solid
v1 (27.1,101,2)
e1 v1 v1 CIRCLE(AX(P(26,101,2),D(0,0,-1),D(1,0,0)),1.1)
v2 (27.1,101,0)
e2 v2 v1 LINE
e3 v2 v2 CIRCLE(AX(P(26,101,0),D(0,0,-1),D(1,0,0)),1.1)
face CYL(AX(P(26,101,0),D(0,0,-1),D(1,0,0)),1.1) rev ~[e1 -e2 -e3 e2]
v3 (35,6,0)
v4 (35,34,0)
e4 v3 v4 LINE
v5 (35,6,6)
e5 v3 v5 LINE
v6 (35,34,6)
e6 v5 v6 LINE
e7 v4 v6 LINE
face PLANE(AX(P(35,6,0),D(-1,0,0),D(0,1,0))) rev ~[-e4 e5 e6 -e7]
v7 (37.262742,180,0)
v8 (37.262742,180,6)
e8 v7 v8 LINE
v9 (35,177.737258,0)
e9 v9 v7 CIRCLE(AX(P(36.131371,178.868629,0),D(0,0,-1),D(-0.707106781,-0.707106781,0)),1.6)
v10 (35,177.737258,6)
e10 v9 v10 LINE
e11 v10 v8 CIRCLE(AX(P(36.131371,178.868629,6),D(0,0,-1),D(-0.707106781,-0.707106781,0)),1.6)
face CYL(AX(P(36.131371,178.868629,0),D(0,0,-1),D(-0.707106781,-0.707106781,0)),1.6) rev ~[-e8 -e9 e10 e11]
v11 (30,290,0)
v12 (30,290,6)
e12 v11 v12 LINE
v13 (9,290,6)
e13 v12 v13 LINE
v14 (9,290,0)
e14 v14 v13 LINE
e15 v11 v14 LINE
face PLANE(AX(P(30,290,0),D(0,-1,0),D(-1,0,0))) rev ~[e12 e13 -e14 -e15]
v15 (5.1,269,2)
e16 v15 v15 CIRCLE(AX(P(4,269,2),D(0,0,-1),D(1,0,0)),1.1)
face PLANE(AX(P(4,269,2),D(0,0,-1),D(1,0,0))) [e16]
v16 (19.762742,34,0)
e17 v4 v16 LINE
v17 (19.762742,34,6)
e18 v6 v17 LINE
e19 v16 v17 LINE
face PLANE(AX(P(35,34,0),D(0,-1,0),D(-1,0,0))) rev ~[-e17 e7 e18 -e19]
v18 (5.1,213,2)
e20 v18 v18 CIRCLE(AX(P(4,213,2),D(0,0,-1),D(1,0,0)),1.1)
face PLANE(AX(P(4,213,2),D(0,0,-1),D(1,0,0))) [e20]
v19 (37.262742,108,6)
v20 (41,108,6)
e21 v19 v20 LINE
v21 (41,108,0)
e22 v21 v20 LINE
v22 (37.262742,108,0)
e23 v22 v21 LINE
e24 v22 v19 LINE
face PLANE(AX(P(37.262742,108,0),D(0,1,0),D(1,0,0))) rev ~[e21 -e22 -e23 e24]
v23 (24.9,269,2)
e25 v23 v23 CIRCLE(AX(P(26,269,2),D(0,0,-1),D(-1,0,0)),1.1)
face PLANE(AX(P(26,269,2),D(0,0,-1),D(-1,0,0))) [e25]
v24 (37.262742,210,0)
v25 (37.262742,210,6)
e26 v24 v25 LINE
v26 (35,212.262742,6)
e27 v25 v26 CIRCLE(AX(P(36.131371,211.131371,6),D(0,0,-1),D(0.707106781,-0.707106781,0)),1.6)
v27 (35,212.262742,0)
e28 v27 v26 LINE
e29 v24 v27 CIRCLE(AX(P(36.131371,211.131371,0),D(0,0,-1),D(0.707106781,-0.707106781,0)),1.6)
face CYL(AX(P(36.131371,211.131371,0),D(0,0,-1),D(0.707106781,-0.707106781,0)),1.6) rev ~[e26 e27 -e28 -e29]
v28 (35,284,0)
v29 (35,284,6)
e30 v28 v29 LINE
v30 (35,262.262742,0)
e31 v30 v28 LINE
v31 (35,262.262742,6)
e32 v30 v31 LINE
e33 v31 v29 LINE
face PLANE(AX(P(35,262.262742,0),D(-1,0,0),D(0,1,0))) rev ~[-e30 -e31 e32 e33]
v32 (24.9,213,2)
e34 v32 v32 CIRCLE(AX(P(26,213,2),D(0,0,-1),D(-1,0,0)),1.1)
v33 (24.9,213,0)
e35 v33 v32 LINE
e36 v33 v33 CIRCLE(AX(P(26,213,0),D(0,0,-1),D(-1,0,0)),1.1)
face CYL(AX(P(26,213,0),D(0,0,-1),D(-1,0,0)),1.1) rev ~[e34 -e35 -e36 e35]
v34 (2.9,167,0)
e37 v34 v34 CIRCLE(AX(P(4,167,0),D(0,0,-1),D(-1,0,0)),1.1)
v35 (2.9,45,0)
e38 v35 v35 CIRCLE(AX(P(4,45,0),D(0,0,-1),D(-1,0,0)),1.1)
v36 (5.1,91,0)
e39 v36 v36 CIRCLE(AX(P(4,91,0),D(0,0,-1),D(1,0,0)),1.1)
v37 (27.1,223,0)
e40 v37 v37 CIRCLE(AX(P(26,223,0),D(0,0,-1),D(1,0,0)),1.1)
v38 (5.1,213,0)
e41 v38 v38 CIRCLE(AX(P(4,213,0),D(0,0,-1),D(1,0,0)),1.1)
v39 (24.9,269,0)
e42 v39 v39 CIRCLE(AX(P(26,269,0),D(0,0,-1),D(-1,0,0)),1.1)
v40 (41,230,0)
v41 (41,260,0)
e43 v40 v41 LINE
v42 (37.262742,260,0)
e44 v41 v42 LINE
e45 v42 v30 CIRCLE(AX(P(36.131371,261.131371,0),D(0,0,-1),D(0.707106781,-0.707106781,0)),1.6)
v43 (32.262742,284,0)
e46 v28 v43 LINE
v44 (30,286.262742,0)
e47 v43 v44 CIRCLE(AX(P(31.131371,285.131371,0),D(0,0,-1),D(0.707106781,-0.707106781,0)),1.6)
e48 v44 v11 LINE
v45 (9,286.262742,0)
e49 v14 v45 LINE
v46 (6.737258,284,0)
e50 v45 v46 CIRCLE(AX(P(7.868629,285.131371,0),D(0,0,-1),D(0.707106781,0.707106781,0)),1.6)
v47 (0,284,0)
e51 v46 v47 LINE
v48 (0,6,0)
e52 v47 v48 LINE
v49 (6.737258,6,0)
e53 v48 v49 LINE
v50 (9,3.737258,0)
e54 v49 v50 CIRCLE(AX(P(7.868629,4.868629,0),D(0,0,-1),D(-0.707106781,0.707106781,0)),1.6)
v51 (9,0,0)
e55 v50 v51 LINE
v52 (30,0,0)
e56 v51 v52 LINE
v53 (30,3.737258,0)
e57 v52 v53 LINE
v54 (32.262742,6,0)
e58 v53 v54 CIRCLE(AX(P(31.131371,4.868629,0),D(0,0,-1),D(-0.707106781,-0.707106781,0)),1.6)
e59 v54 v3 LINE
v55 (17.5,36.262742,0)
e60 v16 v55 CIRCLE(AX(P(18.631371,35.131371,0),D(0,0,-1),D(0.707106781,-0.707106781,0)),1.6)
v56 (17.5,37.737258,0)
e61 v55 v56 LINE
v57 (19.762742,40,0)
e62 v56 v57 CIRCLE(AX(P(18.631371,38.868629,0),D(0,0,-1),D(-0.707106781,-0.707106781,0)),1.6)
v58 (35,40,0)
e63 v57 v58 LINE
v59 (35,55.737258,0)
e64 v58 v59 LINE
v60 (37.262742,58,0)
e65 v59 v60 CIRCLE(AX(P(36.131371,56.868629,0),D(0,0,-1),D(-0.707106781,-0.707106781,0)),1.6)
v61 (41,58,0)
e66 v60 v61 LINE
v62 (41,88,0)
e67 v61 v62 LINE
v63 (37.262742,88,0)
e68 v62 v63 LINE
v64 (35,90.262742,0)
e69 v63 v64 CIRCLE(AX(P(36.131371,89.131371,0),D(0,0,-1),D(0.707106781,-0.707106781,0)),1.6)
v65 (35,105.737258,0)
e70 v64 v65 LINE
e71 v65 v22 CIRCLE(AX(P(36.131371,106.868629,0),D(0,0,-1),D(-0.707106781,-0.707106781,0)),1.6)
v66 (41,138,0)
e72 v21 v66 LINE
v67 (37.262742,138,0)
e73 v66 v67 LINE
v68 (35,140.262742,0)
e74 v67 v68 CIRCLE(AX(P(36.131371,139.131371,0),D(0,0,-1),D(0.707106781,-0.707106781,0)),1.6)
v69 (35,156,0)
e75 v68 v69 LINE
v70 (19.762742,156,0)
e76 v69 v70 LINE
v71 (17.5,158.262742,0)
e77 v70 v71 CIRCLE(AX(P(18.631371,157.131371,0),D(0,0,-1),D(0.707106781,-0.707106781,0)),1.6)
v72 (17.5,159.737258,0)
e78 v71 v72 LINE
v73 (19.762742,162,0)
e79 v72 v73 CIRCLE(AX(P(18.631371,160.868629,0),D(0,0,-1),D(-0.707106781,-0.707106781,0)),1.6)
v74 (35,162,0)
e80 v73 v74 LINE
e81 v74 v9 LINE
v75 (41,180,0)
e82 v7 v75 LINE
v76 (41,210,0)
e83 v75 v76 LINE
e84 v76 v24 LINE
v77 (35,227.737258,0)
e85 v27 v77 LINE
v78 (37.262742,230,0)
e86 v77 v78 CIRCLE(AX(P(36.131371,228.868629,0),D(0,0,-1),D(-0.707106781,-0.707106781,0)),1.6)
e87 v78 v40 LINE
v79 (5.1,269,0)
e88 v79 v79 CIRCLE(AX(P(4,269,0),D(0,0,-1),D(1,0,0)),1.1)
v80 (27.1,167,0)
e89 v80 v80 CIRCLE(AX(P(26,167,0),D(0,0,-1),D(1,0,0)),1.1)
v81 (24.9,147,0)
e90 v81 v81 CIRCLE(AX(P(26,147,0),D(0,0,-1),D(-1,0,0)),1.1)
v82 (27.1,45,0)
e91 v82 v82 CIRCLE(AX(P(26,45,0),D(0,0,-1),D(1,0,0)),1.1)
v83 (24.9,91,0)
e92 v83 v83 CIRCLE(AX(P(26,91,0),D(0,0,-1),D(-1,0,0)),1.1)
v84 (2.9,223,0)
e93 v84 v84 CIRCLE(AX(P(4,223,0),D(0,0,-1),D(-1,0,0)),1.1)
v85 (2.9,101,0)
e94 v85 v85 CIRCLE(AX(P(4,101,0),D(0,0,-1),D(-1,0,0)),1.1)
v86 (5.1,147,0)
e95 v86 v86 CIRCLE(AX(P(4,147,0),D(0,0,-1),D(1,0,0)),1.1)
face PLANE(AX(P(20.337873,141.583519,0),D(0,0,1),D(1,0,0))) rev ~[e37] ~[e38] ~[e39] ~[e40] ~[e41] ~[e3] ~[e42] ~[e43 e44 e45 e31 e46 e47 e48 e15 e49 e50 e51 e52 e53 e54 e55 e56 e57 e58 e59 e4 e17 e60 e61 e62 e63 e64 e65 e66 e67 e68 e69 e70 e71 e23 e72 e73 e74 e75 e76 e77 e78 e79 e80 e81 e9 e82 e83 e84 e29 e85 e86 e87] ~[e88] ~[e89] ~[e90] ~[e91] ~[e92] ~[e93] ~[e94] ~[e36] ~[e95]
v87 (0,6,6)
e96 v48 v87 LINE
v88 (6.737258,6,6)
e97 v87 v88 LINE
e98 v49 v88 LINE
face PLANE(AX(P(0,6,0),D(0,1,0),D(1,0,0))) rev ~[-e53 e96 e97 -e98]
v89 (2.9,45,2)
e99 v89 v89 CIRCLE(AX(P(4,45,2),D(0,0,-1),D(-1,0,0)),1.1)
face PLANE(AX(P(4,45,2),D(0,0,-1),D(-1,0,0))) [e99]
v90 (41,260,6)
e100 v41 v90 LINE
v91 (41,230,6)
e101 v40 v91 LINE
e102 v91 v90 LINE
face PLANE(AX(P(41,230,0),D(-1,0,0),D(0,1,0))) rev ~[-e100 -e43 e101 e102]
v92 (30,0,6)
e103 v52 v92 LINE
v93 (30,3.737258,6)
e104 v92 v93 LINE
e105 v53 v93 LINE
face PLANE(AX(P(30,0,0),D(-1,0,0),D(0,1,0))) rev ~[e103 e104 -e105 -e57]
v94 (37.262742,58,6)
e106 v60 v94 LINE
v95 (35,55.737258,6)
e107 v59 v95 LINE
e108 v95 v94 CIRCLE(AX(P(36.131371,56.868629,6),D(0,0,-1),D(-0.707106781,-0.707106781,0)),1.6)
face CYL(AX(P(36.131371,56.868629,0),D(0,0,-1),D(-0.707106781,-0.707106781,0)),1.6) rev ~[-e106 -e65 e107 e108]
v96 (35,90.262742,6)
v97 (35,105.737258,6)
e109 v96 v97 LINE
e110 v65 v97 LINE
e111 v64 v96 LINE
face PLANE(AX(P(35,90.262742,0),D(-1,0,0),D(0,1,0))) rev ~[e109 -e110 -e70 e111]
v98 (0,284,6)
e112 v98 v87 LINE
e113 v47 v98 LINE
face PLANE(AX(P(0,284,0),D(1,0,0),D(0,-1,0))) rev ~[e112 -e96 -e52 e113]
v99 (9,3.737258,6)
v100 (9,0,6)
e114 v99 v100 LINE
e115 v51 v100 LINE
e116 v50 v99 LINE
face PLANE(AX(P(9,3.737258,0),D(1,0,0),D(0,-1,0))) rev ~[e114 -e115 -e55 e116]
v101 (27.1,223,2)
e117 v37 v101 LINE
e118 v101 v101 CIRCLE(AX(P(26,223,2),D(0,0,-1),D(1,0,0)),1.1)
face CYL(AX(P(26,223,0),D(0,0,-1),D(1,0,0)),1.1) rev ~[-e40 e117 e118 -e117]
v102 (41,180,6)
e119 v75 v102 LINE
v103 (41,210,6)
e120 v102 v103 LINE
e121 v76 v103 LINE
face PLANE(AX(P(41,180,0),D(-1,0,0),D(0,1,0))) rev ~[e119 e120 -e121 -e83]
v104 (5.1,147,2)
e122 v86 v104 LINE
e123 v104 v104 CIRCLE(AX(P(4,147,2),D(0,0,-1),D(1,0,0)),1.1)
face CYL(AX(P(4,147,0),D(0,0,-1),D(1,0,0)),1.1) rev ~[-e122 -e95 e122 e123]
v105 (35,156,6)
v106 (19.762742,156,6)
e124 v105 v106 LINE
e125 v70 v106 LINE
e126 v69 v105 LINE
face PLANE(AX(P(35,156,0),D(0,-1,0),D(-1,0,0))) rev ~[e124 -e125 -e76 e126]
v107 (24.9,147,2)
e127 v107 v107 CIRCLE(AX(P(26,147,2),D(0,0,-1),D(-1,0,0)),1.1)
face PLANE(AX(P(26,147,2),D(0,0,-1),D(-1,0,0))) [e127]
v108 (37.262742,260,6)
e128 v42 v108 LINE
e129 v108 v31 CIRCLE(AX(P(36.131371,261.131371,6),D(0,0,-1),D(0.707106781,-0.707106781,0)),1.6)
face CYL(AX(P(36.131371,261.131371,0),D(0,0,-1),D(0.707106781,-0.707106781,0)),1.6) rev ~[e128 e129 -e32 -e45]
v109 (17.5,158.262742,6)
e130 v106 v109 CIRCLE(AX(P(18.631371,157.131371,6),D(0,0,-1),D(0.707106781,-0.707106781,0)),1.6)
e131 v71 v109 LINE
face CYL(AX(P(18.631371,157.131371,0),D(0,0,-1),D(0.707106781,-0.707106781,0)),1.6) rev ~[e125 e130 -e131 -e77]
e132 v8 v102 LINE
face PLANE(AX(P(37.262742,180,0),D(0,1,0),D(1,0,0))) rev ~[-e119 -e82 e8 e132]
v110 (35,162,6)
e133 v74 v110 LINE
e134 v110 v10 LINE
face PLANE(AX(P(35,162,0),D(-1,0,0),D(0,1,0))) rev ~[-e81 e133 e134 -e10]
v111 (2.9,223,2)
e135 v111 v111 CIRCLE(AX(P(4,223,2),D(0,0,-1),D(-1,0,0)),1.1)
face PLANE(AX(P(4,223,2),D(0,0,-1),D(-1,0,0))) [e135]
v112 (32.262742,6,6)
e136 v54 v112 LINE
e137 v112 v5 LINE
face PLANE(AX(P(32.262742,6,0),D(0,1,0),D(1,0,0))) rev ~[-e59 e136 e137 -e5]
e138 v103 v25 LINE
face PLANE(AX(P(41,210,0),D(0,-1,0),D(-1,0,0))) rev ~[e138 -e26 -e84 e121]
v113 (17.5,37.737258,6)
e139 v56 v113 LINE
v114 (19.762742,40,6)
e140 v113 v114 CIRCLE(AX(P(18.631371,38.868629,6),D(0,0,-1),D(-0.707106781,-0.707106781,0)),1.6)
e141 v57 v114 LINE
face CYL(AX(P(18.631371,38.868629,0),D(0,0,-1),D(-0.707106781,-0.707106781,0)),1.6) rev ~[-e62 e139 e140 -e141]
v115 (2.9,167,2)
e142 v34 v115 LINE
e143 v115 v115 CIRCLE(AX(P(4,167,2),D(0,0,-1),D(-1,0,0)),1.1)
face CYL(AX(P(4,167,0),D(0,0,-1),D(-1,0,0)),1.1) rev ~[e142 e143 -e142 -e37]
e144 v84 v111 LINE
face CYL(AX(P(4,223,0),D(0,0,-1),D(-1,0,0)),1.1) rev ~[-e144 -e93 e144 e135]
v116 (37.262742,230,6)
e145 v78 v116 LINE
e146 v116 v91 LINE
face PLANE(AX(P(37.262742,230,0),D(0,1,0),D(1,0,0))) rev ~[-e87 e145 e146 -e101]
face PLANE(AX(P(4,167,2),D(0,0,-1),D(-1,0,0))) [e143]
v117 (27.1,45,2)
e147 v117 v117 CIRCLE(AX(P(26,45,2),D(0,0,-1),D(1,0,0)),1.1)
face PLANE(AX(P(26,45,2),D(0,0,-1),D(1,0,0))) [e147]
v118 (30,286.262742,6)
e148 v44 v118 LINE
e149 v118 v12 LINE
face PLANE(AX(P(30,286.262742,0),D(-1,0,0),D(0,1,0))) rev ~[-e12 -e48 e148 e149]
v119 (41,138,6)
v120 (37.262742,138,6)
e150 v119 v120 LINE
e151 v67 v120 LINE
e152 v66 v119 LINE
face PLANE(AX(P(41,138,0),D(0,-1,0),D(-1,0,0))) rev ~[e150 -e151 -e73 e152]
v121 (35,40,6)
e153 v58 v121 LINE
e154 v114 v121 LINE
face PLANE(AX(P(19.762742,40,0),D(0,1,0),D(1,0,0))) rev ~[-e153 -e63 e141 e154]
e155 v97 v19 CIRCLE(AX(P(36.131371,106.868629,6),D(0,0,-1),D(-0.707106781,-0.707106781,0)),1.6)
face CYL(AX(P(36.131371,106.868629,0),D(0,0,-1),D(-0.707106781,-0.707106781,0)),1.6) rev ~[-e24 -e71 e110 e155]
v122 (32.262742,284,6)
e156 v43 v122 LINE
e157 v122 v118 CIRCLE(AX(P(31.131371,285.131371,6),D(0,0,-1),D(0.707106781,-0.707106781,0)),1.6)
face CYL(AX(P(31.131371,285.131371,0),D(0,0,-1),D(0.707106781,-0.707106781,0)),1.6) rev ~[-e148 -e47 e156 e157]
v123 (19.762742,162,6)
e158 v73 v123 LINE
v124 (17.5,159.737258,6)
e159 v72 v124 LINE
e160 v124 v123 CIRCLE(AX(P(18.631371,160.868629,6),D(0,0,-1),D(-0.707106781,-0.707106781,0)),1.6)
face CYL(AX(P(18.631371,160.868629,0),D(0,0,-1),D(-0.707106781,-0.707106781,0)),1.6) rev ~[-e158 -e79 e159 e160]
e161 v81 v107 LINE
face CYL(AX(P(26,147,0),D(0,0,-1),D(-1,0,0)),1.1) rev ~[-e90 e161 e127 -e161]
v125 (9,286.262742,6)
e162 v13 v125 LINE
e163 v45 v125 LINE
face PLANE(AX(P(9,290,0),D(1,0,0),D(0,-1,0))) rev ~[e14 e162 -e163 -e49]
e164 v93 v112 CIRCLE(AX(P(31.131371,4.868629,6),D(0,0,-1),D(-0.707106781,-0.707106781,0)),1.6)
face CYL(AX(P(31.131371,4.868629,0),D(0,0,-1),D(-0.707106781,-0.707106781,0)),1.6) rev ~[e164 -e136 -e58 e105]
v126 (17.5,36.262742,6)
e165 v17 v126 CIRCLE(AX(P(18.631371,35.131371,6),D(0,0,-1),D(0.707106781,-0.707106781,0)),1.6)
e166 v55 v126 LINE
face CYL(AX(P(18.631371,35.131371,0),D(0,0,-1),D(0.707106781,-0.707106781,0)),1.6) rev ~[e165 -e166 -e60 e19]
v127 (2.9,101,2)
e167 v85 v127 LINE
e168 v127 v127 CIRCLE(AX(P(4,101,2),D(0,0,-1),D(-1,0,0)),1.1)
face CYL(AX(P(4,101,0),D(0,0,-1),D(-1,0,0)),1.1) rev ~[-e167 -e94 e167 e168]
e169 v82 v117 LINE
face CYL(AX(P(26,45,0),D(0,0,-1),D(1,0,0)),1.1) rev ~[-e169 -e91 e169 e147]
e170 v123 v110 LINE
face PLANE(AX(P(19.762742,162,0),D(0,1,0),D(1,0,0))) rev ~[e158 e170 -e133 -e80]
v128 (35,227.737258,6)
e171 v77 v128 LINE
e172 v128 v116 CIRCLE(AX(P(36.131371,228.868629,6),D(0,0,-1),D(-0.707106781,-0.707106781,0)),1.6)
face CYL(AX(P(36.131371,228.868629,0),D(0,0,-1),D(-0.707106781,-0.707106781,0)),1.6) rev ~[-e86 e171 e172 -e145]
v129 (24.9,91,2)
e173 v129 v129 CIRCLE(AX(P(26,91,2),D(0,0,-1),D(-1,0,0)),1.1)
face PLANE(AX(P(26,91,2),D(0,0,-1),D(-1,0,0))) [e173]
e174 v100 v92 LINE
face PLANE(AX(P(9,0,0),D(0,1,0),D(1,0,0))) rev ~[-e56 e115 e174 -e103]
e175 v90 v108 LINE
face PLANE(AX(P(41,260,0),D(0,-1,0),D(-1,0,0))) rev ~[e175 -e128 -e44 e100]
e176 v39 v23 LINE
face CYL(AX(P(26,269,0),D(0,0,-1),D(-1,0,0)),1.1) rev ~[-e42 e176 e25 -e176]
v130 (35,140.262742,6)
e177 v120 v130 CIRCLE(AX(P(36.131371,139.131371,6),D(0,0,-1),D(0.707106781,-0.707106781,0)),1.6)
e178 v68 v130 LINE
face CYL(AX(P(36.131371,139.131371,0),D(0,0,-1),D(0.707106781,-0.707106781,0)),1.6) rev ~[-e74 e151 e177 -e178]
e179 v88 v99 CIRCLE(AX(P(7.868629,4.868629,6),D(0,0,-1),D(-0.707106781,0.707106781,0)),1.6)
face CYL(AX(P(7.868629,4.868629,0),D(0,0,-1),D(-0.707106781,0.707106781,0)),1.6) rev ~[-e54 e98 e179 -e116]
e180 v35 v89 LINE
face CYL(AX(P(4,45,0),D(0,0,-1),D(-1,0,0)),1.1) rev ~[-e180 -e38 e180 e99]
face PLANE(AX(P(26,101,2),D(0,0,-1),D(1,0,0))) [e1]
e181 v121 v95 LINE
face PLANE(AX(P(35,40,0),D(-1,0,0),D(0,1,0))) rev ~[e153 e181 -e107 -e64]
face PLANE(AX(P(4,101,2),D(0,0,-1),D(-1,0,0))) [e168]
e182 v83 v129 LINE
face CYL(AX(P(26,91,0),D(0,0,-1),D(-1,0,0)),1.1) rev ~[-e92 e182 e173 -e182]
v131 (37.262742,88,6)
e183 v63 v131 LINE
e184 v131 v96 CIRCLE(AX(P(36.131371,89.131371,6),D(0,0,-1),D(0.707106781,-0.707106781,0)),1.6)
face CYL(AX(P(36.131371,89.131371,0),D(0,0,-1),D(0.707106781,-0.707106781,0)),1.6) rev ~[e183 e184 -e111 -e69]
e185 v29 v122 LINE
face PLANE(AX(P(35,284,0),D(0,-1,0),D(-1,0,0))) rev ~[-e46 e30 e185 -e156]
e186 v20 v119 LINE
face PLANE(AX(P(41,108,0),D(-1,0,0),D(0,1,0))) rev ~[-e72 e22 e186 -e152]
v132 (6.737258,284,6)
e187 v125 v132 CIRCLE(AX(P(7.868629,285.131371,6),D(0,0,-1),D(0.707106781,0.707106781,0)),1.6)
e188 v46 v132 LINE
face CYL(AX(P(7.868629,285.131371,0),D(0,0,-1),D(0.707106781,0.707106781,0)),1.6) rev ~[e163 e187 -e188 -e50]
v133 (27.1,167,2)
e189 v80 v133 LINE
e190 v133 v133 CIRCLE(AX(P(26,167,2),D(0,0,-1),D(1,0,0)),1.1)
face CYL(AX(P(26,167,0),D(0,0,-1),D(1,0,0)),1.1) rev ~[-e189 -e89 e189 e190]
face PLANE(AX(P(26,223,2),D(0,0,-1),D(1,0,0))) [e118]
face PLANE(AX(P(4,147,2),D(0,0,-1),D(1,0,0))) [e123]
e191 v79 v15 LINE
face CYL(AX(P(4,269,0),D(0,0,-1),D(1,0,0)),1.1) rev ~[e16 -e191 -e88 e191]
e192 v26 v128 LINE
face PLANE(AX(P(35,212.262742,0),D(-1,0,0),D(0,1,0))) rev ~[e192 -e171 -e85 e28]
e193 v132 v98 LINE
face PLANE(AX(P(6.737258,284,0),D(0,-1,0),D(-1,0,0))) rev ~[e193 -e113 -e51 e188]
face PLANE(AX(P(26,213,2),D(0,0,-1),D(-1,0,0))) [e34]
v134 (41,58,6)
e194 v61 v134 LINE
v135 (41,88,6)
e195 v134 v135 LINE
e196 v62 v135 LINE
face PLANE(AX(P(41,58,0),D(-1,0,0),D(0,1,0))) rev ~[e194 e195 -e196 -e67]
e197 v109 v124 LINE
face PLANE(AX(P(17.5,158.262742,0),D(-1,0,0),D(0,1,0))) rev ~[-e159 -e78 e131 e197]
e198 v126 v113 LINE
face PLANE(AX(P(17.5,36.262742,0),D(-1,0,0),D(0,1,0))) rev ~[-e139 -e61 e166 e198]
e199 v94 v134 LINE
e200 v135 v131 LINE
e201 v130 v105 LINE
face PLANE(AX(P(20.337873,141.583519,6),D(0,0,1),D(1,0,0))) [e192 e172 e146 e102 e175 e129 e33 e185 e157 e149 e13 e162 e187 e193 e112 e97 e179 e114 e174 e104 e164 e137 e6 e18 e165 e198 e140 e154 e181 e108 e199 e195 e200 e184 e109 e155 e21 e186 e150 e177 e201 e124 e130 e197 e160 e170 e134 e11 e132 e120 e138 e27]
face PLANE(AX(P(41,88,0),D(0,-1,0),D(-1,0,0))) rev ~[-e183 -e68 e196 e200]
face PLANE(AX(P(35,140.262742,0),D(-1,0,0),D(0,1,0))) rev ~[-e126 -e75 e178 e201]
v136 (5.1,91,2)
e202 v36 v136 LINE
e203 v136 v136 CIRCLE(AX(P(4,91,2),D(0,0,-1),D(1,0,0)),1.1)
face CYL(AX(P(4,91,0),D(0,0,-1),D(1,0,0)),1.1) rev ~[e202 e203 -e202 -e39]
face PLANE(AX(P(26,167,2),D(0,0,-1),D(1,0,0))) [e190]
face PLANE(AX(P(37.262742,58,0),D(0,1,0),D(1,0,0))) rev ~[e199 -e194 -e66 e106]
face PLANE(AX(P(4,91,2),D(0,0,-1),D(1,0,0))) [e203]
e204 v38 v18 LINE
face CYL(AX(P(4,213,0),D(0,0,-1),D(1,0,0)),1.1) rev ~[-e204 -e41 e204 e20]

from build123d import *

# Parameters (mm, degrees)
EXTRUSION1_DEPTH        = 6
ESQUISSE2_R             = 1.1
ENL_V_MAT_EXTRU_1_DEPTH = 2


with BuildPart() as part:
    # Esquisse1 → Extrusion1 (new body)
    with BuildSketch(Plane.XY):
        with BuildLine():
            Line((0, 6), (6.7372583, 6))
            ThreePointArc((6.7372583, 6), (9, 6), (9, 3.7372583))
            Line((9, 3.7372583), (9, 0))
            Line((9, 0), (30, 0))
            Line((30, 0), (30, 3.7372583))
            ThreePointArc((30, 3.7372583), (30, 6), (32.2627417, 6))
            Line((32.2627417, 6), (35, 6))
            Line((35, 6), (35, 34))
            Line((35, 34), (19.7627417, 34))
            ThreePointArc((19.7627417, 34), (17.5, 34), (17.5, 36.2627417))
            Line((17.5, 36.2627417), (17.5, 37.7372583))
            ThreePointArc((17.5, 37.7372583), (17.5, 40), (19.7627417, 40))
            Line((19.7627417, 40), (35, 40))
            Line((35, 40), (35, 55.7372583))
            ThreePointArc((35, 55.7372583), (35, 58), (37.2627417, 58))
            Line((37.2627417, 58), (41, 58))
            Line((41, 58), (41, 88))
            Line((41, 88), (37.2627417, 88))
            ThreePointArc((37.2627417, 88), (35, 88), (35, 90.2627417))
            Line((35, 90.2627417), (35, 105.7372583))
            ThreePointArc((35, 105.7372583), (35, 108), (37.2627417, 108))
            Line((37.2627417, 108), (41, 108))
            Line((41, 108), (41, 138))
            Line((41, 138), (37.2627417, 138))
            ThreePointArc((37.2627417, 138), (35, 138), (35, 140.2627417))
            Line((35, 140.2627417), (35, 156))
            Line((35, 156), (19.7627417, 156))
            ThreePointArc((19.7627417, 156), (17.5, 156), (17.5, 158.2627417))
            Line((17.5, 158.2627417), (17.5, 159.7372583))
            ThreePointArc((17.5, 159.7372583), (17.5, 162), (19.7627417, 162))
            Line((19.7627417, 162), (35, 162))
            Line((35, 162), (35, 177.7372583))
            ThreePointArc((35, 177.7372583), (35, 180), (37.2627417, 180))
            Line((37.2627417, 180), (41, 180))
            Line((41, 180), (41, 210))
            Line((41, 210), (37.2627417, 210))
            ThreePointArc((37.2627417, 210), (35, 210), (35, 212.2627417))
            Line((35, 212.2627417), (35, 227.7372583))
            ThreePointArc((35, 227.7372583), (35, 230), (37.2627417, 230))
            Line((37.2627417, 230), (41, 230))
            Line((41, 230), (41, 260))
            Line((41, 260), (37.2627417, 260))
            ThreePointArc((37.2627417, 260), (35, 260), (35, 262.2627417))
            Line((35, 262.2627417), (35, 284))
            Line((35, 284), (32.2627417, 284))
            ThreePointArc((32.2627417, 284), (30, 284), (30, 286.2627417))
            Line((30, 286.2627417), (30, 290))
            Line((30, 290), (9, 290))
            Line((9, 290), (9, 286.2627417))
            ThreePointArc((9, 286.2627417), (9, 284), (6.7372583, 284))
            Line((6.7372583, 284), (0, 284))
            Line((0, 284), (0, 6))
        make_face()
    extrude(amount=EXTRUSION1_DEPTH)

    # Esquisse2 → Enlèv. mat.-Extru.1 (cut)
    with BuildSketch(Plane(origin=(0, 0, 0), x_dir=(-1, 0, 0), z_dir=(0, 0, -1))):
        with Locations((-4, 167)):
            Circle(ESQUISSE2_R)
        with Locations(Location((-26, 167, 0), (0, 0, 180))):  # turned: the seam where the file's is
            Circle(ESQUISSE2_R)
        with Locations((-26, 213)):
            Circle(ESQUISSE2_R)
        with Locations(Location((-4, 213, 0), (0, 0, 180))):  # turned: the seam where the file's is
            Circle(ESQUISSE2_R)
        with Locations(Location((-26, 223, 0), (0, 0, 180))):  # turned: the seam where the file's is
            Circle(ESQUISSE2_R)
        with Locations((-4, 223)):
            Circle(ESQUISSE2_R)
        with Locations((-26, 269)):
            Circle(ESQUISSE2_R)
        with Locations(Location((-4, 269, 0), (0, 0, 180))):  # turned: the seam where the file's is
            Circle(ESQUISSE2_R)
        with Locations((-4, 45)):
            Circle(ESQUISSE2_R)
        with Locations(Location((-26, 45, 0), (0, 0, 180))):  # turned: the seam where the file's is
            Circle(ESQUISSE2_R)
        with Locations((-26, 91)):
            Circle(ESQUISSE2_R)
        with Locations(Location((-4, 91, 0), (0, 0, 180))):  # turned: the seam where the file's is
            Circle(ESQUISSE2_R)
        with Locations(Location((-26, 101, 0), (0, 0, 180))):  # turned: the seam where the file's is
            Circle(ESQUISSE2_R)
        with Locations((-4, 101)):
            Circle(ESQUISSE2_R)
        with Locations((-26, 147)):
            Circle(ESQUISSE2_R)
        with Locations(Location((-4, 147, 0), (0, 0, 180))):  # turned: the seam where the file's is
            Circle(ESQUISSE2_R)
    extrude(amount=-ENL_V_MAT_EXTRU_1_DEPTH, mode=Mode.SUBTRACT)


solid = part.part
